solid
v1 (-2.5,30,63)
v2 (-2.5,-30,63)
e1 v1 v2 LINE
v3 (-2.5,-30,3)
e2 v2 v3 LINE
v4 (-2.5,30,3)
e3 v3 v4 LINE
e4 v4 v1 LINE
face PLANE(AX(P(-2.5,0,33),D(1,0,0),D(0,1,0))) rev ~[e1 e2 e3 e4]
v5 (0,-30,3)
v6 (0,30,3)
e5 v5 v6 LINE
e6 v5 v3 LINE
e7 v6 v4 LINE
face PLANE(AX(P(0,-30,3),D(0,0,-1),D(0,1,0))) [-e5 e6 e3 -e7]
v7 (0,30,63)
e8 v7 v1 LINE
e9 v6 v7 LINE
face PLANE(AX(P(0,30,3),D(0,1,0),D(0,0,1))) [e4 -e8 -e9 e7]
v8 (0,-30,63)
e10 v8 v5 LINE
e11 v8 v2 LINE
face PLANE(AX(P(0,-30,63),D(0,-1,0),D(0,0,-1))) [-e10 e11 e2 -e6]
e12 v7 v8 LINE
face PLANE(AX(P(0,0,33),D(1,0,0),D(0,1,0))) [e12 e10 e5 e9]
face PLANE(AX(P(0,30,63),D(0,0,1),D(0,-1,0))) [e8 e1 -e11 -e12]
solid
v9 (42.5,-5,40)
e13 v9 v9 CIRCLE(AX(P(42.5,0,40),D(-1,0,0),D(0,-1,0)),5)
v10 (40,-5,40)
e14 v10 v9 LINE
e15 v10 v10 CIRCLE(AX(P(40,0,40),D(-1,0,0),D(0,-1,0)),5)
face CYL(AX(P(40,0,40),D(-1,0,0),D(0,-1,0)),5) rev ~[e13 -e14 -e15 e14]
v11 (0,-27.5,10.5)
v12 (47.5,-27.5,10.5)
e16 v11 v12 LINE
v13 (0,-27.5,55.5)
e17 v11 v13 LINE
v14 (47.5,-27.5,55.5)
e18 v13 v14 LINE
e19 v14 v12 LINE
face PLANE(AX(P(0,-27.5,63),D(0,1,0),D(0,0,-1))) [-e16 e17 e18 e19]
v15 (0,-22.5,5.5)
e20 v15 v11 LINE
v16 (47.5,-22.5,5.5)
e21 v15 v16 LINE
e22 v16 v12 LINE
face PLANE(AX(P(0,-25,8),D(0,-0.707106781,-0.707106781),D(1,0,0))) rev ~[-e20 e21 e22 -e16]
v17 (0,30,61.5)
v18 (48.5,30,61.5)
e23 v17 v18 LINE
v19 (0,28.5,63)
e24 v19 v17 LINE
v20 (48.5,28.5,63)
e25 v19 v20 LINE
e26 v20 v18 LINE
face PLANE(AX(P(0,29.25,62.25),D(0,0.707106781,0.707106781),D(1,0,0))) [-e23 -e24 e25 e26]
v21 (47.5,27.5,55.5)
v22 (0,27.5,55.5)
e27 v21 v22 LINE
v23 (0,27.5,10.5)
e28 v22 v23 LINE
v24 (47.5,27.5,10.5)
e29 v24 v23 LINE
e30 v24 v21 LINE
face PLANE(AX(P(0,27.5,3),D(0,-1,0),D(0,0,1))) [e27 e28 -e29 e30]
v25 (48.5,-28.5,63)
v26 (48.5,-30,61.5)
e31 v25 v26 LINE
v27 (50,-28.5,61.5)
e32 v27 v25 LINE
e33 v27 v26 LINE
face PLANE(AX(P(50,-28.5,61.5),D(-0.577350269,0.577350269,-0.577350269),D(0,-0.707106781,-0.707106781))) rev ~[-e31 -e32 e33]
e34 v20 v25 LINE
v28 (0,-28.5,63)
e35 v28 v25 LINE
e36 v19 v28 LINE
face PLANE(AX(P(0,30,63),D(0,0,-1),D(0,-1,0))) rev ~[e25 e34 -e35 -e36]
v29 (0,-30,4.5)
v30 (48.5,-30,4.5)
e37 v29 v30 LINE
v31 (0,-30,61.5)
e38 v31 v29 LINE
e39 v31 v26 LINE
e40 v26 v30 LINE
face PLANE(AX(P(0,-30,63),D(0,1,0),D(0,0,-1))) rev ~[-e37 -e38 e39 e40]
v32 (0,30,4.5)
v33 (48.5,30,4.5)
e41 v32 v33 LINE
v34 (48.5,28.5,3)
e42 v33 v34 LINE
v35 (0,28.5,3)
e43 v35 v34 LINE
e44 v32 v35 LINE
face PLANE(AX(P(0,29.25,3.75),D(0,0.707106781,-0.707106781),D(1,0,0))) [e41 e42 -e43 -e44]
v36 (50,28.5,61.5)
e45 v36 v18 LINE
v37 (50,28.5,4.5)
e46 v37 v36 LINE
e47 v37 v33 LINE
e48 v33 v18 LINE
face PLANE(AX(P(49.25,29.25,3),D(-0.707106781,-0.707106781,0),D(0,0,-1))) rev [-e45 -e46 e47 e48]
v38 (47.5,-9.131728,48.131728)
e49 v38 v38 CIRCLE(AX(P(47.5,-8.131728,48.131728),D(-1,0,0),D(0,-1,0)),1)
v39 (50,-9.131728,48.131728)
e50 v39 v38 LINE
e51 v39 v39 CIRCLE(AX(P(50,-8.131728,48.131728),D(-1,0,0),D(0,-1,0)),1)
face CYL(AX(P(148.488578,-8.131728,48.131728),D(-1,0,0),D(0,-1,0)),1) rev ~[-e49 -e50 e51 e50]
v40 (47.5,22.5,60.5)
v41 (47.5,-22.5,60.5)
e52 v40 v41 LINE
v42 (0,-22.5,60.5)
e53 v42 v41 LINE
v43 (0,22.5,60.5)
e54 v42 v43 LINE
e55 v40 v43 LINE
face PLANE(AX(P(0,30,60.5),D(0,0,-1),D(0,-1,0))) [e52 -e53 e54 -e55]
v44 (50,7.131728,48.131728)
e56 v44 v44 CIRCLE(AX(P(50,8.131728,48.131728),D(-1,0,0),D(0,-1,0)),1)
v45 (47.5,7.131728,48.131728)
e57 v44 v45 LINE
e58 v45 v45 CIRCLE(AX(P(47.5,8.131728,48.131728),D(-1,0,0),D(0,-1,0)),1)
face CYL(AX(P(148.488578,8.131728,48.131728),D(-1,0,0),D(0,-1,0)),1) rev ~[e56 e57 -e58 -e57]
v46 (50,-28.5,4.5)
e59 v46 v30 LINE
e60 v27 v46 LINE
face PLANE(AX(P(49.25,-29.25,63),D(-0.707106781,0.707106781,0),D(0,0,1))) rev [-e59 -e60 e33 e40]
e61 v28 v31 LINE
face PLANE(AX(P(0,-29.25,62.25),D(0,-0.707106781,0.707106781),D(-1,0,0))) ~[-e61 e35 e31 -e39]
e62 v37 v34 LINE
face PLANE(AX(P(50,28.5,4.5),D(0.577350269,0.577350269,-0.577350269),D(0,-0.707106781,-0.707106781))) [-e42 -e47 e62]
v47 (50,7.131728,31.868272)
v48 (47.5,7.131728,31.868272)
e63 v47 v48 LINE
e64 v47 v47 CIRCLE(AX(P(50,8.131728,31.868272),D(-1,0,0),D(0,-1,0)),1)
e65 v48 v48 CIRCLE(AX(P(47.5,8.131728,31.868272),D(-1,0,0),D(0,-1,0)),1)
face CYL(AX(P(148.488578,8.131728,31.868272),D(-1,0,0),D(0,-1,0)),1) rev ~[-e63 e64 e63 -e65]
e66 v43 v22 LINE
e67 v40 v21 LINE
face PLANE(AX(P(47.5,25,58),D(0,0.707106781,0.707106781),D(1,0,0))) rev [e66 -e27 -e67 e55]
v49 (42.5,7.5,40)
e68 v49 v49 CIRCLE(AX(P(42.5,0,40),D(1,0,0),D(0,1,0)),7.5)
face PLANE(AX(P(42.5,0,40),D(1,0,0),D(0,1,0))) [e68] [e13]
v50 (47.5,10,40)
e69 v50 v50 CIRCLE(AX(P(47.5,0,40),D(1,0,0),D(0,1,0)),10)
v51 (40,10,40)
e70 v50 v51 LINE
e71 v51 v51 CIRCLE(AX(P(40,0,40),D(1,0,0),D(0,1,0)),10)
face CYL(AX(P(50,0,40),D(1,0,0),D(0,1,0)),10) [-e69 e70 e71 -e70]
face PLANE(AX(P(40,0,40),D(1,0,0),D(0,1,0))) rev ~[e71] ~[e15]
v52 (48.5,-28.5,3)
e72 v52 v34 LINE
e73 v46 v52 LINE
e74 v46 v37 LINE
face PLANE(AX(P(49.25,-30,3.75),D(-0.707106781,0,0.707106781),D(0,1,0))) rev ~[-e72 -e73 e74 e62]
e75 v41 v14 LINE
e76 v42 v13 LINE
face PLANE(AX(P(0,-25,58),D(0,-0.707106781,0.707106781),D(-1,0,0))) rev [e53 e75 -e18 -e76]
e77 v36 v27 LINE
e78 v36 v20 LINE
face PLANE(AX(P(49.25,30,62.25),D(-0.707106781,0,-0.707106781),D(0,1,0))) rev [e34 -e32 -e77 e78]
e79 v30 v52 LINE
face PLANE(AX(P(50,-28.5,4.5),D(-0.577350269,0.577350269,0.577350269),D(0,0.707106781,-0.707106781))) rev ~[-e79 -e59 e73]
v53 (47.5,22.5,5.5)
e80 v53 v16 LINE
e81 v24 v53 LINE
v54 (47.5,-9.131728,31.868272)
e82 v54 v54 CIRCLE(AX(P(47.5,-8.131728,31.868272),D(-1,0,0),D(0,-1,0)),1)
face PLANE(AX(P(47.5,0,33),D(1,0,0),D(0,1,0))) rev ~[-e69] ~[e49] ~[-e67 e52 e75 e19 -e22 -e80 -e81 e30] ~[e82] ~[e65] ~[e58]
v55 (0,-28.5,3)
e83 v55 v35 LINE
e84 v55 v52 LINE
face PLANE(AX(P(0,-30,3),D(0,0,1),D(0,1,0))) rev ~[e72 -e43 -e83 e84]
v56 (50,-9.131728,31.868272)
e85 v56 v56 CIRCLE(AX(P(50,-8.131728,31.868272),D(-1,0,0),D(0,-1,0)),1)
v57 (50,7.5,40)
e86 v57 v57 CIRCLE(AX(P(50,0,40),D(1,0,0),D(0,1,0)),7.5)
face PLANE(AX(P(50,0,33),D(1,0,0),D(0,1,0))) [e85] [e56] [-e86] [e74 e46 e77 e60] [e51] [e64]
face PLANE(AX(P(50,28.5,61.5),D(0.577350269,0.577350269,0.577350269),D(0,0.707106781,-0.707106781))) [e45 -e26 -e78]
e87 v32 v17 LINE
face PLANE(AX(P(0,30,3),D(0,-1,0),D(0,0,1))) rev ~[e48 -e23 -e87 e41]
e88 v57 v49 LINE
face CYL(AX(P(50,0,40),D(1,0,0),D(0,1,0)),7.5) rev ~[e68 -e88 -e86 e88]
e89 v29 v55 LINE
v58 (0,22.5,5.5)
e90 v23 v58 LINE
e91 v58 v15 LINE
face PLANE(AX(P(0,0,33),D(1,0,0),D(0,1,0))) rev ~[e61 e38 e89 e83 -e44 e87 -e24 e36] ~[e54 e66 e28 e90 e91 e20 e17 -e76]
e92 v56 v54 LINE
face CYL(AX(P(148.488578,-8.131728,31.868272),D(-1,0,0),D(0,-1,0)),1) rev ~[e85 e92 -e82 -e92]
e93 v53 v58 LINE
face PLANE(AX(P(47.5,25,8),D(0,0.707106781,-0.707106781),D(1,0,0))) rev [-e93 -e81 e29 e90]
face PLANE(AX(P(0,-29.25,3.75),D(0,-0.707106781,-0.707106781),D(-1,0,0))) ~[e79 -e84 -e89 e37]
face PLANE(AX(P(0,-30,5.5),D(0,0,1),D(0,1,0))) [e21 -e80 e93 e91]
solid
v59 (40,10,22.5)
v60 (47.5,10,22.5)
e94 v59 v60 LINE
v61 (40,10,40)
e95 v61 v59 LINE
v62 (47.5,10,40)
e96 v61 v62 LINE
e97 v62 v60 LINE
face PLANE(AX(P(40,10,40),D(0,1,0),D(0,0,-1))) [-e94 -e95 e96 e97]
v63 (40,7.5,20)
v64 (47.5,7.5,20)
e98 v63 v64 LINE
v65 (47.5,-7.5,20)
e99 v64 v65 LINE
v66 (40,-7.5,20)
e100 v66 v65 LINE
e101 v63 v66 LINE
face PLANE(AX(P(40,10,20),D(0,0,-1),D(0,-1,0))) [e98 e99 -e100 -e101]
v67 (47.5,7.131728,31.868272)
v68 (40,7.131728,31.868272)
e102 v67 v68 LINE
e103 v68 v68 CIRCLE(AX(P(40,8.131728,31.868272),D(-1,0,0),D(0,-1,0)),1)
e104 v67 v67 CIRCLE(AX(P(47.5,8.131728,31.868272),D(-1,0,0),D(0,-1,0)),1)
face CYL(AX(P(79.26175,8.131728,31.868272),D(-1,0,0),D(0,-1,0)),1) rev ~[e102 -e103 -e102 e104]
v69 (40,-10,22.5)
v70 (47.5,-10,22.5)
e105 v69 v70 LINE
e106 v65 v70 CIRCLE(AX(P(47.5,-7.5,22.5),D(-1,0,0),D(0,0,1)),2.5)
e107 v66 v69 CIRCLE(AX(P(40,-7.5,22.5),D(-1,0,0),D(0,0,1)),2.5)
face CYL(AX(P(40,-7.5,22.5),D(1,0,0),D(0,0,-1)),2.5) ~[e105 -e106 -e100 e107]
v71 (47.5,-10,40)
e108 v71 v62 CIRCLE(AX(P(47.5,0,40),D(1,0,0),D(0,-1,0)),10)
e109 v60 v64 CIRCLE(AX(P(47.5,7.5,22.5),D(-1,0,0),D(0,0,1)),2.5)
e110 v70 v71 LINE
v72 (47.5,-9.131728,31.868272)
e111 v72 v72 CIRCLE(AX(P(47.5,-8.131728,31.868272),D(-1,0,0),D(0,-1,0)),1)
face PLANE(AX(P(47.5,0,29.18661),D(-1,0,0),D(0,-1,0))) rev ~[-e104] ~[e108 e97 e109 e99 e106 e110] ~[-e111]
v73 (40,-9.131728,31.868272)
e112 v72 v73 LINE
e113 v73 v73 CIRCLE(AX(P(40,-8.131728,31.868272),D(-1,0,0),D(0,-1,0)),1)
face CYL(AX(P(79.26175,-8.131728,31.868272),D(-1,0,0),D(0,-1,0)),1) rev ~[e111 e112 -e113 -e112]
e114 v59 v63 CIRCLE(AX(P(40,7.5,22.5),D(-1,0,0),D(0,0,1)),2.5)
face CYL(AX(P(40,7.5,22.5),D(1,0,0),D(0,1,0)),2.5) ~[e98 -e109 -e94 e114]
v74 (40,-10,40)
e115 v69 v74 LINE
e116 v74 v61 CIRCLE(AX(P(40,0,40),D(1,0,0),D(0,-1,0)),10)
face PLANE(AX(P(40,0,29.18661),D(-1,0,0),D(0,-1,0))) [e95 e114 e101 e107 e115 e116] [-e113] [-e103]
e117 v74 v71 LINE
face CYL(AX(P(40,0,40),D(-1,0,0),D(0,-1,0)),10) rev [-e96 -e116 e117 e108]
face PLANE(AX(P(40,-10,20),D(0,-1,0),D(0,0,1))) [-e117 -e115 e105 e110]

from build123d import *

# Parameters (mm, degrees)
F1_DEPTH  = 50
F2_R      = 7.5
F3_DEPTH  = 7.5
F4_T      = -2.5
F5_DEPTH  = 2.5
F6_R      = 5
F7_DEPTH  = 25
F9_SIZE   = 1.5
F10_DEPTH = 7.5
F11_SIZE  = 5
F12_R     = 2.5
F14_D     = 2
F14_2_D   = 2


with BuildPart() as f1:
    # F0 (on Right) → F1 (new body)
    with BuildSketch(Plane.YZ):
        Polygon((30, 63), (-30, 63), (-30, 3), (0, 3), (30, 3), align=None)
    extrude(amount=F1_DEPTH)

    # F2 (on face) → F3 (cut)
    with BuildSketch(Plane.YZ.offset(50)):
        with Locations((0, 40)):
            Circle(F2_R)
    extrude(amount=-F3_DEPTH, mode=Mode.SUBTRACT)

    # F4
    f4_openings = [f1.faces().sort_by_distance(p)[0] for p in [
        (0, 0, 33),
    ]]
    offset(amount=F4_T, openings=f4_openings, kind=Kind.INTERSECTION)

    # F6 (on face) → F7 (cut)
    with BuildSketch(Plane(origin=(40, 0, 0), x_dir=(0, -1, 0), z_dir=(-1, 0, 0))):
        with Locations((0, 40)):
            Circle(F6_R)
    extrude(amount=-F7_DEPTH, mode=Mode.SUBTRACT)

    # F9
    f9_edges = [f1.edges().sort_by_distance(p)[0] for p in [
        (25, 30, 3),
        (25, 30, 63),
        (25, -30, 3),
        (25, -30, 63),
        (50, 0, 63),
        (50, -30, 33),
        (50, 30, 33),
        (50, 0, 3),
    ]]
    chamfer(f9_edges, length=F9_SIZE)

    # F11
    f11_edges = [f1.edges().sort_by_distance(p)[0] for p in [
        (23.75, 27.5, 5.5),
        (23.75, -27.5, 5.5),
        (23.75, -27.5, 60.5),
        (23.75, 27.5, 60.5),
    ]]
    chamfer(f11_edges, length=F11_SIZE)

    # F14 (through all)
    with Locations(Plane.YZ.offset(50)):
        with Locations((8.1317279836, 48.1317279836), (8.1317279836, 31.8682720164), (-8.1317279836, 31.8682720164), (-8.1317279836, 48.1317279836)):
            Hole(F14_D / 2)


with BuildPart() as f5:
    # F0 (on Right) → F5 (new body)
    with BuildSketch(Plane.YZ):
        Polygon((30, 63), (-30, 63), (-30, 3), (0, 3), (30, 3), align=None)
    extrude(amount=-F5_DEPTH)


with BuildPart() as f10:
    # F8 (on face) → F10 (new body, through all)
    with BuildSketch(Plane(origin=(40, 0, 0), x_dir=(0, -1, 0), z_dir=(-1, 0, 0))):
        with BuildLine():
            ThreePointArc((10, 40), (0, 30), (-10, 40))
            Line((-10, 40), (-10, 20))
            Line((-10, 20), (10, 20))
            Line((10, 20), (10, 40))
        make_face()
    extrude(amount=-F10_DEPTH)

    # F12
    f12_edges = [f10.edges().sort_by_distance(p)[0] for p in [
        (43.75, -10, 20),
        (43.75, 10, 20),
    ]]
    fillet(f12_edges, radius=F12_R)

    # F14#2 (through all)
    with Locations(Plane.YZ.offset(50)):
        with Locations((8.1317279836, 48.1317279836), (8.1317279836, 31.8682720164), (-8.1317279836, 31.8682720164), (-8.1317279836, 48.1317279836)):
            Hole(F14_2_D / 2)


solid = Compound([f1.part, f5.part, f10.part])
